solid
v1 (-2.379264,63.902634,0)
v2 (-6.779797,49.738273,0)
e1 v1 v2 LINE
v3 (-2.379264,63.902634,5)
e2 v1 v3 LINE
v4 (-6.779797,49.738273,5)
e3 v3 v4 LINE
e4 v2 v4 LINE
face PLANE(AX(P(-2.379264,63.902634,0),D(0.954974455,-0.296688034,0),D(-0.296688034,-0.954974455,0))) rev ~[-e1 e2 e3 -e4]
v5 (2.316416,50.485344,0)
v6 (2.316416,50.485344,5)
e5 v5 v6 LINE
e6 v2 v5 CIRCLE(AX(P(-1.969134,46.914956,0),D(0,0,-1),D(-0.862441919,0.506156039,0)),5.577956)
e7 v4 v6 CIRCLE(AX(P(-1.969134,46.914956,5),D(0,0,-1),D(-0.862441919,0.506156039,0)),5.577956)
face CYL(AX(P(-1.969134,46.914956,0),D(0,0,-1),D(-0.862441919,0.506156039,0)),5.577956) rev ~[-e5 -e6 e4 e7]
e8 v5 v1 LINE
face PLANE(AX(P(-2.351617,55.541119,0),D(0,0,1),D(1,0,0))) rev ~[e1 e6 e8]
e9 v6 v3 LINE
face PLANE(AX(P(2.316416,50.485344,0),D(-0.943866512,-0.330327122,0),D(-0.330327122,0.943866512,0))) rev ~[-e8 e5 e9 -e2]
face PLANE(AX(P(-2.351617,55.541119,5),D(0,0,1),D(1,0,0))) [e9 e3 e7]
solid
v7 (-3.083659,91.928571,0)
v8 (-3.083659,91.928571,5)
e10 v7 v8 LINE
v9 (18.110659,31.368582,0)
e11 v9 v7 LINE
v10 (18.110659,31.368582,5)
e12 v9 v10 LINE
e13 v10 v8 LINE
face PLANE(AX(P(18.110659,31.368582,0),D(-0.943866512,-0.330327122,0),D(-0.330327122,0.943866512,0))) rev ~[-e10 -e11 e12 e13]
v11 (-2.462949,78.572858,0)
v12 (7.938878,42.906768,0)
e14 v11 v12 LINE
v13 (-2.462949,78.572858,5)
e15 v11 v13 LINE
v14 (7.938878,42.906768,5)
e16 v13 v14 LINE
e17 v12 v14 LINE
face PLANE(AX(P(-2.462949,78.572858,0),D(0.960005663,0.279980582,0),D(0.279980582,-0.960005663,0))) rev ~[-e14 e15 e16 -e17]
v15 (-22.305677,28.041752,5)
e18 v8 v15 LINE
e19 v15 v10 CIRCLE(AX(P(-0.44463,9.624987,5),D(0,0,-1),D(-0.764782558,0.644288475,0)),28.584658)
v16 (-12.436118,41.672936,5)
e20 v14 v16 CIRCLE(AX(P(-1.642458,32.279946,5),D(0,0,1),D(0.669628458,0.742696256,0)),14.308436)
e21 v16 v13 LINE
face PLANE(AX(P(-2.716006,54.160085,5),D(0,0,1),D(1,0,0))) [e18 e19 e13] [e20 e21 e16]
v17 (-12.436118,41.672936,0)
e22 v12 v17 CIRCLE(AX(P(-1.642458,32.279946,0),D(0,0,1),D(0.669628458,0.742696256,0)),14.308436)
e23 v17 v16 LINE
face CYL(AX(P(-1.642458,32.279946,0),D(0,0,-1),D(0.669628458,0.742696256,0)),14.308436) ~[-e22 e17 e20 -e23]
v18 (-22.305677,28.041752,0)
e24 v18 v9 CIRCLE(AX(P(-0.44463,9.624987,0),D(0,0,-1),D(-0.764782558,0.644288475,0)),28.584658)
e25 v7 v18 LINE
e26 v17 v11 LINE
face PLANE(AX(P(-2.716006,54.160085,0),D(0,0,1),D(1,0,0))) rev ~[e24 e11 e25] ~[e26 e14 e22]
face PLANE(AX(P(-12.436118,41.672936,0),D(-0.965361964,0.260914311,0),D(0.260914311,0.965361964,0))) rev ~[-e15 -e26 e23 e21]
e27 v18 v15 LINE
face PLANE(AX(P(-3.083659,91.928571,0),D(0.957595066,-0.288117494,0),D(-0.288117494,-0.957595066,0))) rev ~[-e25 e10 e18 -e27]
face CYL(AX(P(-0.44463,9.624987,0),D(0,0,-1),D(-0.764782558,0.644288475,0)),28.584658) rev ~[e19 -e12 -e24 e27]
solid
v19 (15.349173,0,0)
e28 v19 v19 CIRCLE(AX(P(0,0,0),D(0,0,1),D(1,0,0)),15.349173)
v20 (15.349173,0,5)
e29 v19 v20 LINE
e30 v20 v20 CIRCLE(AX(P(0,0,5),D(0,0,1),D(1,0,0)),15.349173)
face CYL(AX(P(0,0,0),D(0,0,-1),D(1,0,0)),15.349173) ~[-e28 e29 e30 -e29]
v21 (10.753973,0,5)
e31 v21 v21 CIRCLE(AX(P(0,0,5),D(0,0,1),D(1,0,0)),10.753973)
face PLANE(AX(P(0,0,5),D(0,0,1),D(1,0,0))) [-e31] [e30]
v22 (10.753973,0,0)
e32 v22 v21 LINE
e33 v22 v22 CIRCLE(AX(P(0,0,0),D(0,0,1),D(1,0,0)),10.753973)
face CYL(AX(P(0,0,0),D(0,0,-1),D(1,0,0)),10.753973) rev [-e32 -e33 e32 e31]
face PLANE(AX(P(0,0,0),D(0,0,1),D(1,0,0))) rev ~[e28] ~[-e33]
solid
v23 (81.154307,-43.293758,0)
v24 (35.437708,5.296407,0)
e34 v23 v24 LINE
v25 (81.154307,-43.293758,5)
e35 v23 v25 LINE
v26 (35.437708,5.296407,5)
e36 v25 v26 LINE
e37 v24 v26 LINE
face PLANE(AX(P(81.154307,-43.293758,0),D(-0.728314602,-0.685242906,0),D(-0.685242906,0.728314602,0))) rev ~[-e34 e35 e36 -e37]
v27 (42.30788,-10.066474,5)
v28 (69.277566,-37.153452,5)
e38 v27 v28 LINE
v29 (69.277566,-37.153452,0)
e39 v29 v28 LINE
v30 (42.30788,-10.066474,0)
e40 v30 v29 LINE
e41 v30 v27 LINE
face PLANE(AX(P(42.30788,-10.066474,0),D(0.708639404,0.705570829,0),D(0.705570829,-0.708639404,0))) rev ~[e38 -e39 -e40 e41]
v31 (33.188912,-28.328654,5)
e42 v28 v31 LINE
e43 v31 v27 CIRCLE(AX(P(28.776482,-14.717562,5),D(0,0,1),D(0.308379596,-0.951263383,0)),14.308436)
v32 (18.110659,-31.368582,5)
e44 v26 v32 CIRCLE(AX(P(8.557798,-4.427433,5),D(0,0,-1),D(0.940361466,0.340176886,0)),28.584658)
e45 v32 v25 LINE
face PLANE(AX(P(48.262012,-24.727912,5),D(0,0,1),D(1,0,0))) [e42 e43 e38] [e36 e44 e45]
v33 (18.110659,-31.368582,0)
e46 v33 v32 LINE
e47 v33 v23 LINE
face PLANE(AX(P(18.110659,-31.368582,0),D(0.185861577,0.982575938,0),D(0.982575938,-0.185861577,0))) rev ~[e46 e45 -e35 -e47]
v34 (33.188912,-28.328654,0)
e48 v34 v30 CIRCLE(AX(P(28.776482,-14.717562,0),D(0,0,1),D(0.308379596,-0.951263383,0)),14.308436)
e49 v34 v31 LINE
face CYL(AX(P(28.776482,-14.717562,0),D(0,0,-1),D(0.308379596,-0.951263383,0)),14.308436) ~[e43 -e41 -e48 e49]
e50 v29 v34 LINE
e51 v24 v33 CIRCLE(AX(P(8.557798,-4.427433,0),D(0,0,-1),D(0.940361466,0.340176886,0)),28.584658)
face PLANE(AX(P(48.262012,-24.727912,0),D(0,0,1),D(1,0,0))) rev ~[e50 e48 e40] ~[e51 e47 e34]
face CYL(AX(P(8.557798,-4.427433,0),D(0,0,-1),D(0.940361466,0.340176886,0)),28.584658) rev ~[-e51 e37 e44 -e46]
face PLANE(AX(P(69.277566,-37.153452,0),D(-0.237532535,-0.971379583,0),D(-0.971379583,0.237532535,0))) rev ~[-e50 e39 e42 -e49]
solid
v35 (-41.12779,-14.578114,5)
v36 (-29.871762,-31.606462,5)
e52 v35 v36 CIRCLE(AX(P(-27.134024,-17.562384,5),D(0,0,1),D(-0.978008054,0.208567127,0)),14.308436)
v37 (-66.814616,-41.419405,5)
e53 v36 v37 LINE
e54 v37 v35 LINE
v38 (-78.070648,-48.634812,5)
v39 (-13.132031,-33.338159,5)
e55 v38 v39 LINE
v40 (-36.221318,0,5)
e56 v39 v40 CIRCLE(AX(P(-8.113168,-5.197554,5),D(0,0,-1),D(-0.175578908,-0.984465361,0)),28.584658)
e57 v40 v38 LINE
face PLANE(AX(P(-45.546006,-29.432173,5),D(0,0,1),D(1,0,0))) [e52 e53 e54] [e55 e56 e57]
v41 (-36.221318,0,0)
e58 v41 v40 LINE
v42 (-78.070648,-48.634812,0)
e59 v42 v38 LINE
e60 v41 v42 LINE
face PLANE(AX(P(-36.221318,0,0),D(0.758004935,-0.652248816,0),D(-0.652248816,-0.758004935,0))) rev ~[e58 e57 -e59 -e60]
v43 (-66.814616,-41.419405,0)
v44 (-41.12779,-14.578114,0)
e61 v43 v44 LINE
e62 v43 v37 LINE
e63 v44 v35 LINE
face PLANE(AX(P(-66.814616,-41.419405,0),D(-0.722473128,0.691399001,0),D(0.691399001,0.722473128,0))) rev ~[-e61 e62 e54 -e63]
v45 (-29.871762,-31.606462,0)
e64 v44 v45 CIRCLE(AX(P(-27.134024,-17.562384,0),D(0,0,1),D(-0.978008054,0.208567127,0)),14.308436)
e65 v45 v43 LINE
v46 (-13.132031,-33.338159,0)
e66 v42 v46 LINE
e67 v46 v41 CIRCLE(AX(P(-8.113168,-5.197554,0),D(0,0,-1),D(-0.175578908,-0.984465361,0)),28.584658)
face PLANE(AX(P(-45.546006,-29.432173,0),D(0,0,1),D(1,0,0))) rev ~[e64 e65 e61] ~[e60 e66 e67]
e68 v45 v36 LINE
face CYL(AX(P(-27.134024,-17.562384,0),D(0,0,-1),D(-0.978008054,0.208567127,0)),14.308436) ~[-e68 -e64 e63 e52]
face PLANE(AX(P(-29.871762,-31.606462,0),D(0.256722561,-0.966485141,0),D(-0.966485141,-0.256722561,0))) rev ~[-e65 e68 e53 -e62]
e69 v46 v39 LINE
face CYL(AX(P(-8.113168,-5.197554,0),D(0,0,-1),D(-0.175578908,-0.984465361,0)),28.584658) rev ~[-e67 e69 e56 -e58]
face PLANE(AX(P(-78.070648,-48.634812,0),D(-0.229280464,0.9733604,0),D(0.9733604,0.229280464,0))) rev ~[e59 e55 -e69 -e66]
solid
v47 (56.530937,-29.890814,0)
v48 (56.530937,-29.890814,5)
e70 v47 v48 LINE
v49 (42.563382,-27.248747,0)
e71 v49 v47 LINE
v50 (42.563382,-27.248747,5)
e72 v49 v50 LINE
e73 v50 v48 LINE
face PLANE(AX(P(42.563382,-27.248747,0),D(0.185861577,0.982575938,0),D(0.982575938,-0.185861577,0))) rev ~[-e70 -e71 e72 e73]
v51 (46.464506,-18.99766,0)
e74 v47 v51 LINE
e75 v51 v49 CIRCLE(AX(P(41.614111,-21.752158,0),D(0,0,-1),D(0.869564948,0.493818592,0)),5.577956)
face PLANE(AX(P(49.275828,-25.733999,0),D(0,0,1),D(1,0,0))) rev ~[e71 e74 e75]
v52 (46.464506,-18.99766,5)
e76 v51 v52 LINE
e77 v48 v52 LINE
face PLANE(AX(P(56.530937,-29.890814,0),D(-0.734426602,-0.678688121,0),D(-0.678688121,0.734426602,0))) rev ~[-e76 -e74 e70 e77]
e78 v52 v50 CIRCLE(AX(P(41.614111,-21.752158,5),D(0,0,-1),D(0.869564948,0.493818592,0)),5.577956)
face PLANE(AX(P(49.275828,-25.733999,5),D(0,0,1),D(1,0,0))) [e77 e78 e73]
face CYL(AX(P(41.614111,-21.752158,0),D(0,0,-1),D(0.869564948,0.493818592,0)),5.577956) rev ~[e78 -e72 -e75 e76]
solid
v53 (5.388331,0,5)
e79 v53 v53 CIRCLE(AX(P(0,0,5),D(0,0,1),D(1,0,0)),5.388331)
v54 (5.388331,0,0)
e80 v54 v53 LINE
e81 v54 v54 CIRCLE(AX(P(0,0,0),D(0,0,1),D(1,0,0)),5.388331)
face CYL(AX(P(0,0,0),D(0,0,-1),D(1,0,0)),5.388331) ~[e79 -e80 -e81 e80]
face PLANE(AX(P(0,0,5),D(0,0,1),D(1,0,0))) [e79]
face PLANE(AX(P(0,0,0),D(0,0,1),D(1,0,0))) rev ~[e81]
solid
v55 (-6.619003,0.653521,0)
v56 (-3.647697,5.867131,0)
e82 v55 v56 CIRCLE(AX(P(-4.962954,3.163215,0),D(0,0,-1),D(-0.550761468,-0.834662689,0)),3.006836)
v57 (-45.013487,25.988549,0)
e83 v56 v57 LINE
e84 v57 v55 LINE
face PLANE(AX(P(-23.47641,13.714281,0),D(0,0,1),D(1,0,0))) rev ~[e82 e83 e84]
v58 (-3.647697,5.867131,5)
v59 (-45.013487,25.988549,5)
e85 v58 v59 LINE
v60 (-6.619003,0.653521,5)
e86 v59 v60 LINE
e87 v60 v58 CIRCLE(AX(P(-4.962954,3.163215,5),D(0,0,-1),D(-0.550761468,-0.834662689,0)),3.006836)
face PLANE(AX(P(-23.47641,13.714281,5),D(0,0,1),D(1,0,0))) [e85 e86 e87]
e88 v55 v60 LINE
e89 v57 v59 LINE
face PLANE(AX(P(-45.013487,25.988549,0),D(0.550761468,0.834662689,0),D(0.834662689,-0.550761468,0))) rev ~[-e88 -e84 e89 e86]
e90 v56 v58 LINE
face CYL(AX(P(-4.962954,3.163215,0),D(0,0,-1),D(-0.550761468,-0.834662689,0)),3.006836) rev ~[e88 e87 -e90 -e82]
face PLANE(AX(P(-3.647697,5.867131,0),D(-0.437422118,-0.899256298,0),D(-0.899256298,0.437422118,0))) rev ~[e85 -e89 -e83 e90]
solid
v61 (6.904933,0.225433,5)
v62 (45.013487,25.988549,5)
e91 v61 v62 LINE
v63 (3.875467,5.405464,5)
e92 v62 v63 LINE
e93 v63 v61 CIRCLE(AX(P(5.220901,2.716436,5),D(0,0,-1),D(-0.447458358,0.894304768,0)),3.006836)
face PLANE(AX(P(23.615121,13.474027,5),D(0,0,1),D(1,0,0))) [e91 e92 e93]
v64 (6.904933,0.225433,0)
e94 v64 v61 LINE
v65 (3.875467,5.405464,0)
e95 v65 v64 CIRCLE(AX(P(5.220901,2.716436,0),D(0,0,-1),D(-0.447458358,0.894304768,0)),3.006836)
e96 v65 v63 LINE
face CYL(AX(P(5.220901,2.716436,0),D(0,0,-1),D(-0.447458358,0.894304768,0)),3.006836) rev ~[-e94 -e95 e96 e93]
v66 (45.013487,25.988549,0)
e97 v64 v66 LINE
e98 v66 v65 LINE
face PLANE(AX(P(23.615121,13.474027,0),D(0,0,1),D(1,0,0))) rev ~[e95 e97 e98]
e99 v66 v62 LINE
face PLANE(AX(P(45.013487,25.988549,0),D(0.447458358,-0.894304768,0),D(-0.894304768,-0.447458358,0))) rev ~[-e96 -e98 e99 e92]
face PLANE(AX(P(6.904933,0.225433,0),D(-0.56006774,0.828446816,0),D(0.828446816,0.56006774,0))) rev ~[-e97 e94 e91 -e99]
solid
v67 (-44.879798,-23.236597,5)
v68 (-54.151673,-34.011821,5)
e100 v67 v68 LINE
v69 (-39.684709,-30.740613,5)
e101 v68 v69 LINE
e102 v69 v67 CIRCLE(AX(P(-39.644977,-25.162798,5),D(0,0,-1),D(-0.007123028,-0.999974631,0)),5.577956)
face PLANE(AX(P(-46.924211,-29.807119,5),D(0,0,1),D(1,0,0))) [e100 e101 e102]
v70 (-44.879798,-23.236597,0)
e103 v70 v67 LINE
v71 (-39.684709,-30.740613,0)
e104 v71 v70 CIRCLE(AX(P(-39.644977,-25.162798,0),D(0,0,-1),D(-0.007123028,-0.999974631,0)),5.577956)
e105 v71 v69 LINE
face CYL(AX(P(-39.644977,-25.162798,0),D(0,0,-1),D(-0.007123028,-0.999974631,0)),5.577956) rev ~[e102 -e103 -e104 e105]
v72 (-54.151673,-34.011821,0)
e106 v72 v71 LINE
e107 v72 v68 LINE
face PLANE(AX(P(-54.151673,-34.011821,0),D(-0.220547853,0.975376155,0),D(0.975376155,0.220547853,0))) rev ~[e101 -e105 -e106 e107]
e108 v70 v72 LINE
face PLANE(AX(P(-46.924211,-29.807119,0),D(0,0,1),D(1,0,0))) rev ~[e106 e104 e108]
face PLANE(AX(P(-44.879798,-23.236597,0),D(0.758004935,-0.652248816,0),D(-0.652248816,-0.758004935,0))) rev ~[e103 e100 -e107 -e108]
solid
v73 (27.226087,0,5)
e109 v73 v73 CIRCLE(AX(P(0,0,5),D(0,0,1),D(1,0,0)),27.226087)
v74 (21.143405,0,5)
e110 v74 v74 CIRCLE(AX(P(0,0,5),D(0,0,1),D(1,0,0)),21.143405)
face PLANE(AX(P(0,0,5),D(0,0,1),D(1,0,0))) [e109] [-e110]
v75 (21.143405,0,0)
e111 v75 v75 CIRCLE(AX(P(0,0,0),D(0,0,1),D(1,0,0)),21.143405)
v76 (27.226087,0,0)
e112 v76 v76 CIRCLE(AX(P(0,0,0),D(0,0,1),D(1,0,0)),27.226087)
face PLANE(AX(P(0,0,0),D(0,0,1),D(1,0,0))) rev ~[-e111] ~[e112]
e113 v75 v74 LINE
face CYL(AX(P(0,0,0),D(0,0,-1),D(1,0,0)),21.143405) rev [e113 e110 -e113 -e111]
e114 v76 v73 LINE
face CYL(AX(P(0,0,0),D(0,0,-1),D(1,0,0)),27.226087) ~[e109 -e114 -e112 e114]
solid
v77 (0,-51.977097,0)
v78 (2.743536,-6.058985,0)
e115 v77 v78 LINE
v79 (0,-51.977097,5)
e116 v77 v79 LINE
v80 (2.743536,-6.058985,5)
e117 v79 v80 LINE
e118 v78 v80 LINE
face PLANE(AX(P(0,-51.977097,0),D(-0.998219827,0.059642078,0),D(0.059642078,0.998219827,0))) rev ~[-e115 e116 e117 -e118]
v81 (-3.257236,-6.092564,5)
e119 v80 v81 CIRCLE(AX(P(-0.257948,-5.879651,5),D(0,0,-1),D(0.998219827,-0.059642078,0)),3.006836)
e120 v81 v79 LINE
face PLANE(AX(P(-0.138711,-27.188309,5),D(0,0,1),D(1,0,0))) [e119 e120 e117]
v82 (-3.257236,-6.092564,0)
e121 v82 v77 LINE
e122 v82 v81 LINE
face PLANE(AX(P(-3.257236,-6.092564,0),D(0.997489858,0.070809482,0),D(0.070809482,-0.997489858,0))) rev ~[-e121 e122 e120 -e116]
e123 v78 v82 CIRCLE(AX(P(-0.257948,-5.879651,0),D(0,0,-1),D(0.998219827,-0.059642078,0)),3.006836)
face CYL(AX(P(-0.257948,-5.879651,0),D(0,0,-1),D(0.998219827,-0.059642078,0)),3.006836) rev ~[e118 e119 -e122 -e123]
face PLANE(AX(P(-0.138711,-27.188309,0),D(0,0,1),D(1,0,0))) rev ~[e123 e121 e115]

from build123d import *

# Parameters (mm, degrees)
F2_DEPTH = 5
F0_R     = 5.3883314641
F3_DEPTH = 5
F0_R_2   = 15.3491725301
F0_R_3   = 10.7539730603
F0_R_4   = 27.2260872448
F0_R_5   = 21.1434047245


with BuildPart() as f2:
    # F1 (on Top) → F2 (new body)
    with BuildSketch(Plane.XY):
        with BuildLine():
            ThreePointArc((-6.6190029433, 0.6535210892), (-7.5753216914, 4.6520384546), (-3.647696923, 5.867131187))
            Line((-3.647696923, 5.867131187), (-45.0134866516, 25.9885486355))
            Line((-45.0134866516, 25.9885486355), (-6.6190029433, 0.6535210892))
        make_face()
    extrude(amount=F2_DEPTH)


with BuildPart() as f2b:
    # F1 (on Top) → F2, piece 2 (new body)
    with BuildSketch(Plane.XY):
        with BuildLine():
            ThreePointArc((2.7435356065, -6.0589852412), (-0.2411226354, -8.8864402538), (-3.2572361938, -6.0925637942))
            Line((-3.2572361938, -6.0925637942), (0, -51.9770972709))
            Line((0, -51.9770972709), (2.7435356065, -6.0589852412))
        make_face()
    extrude(amount=F2_DEPTH)


with BuildPart() as f2c:
    # F1 (on Top) → F2, piece 3 (new body)
    with BuildSketch(Plane.XY):
        with BuildLine():
            ThreePointArc((3.8754673368, 5.405464152), (7.8164443267, 4.2344017993), (6.9049331168, 0.2254326071))
            Line((6.9049331168, 0.2254326071), (45.0134866516, 25.9885486355))
            Line((45.0134866516, 25.9885486355), (3.8754673368, 5.405464152))
        make_face()
    extrude(amount=F2_DEPTH)


with BuildPart() as f3:
    # F0 (on Top) → F3 (new body)
    with BuildSketch(Plane.XY):
        Circle(F0_R)
    extrude(amount=F3_DEPTH)


with BuildPart() as f3b:
    # F0 (on Top) → F3, piece 2 (new body)
    with BuildSketch(Plane.XY):
        Circle(F0_R_2)
        Circle(F0_R_3, mode=Mode.SUBTRACT)
    extrude(amount=F3_DEPTH)


with BuildPart() as f3c:
    # F0 (on Top) → F3, piece 3 (new body)
    with BuildSketch(Plane.XY):
        Circle(F0_R_4)
        Circle(F0_R_5, mode=Mode.SUBTRACT)
    extrude(amount=F3_DEPTH)


with BuildPart() as f3d:
    # F0 (on Top) → F3, piece 4 (new body)
    with BuildSketch(Plane.XY):
        with BuildLine():
            ThreePointArc((-13.1320310757, -33.3381593227), (-31.6122736468, -21.472525362), (-36.2213179469, 0))
            Line((-36.2213179469, 0), (-78.0706480145, -48.6348122358))
            Line((-78.0706480145, -48.6348122358), (-13.1320310757, -33.3381593227))
        make_face()
        with BuildLine():
            Line((-66.8146163225, -41.4194054902), (-41.1277897656, -14.5781142637))
            ThreePointArc((-41.1277897656, -14.5781142637), (-39.0703952793, -25.4525283991), (-29.8717617989, -31.6064618528))
            Line((-29.8717617989, -31.6064618528), (-66.8146163225, -41.4194054902))
        make_face(mode=Mode.SUBTRACT)
    extrude(amount=F3_DEPTH)


with BuildPart() as f3e:
    # F0 (on Top) → F3, piece 5 (new body)
    with BuildSketch(Plane.XY):
        with BuildLine():
            ThreePointArc((-39.6847091615, -30.7406131178), (-44.2311292925, -28.337826886), (-44.8797978461, -23.2365969568))
            Line((-44.8797978461, -23.2365969568), (-54.1516726204, -34.0118205505))
            Line((-54.1516726204, -34.0118205505), (-39.6847091615, -30.7406131178))
        make_face()
    extrude(amount=F3_DEPTH)


with BuildPart() as f3f:
    # F0 (on Top) → F3, piece 6 (new body)
    with BuildSketch(Plane.XY):
        with BuildLine():
            ThreePointArc((-22.3056773511, 28.0417521762), (-2.7896156235, 38.1132947305), (18.1106589735, 31.3685815006))
            Line((18.1106589735, 31.3685815006), (-3.0836588972, 91.9285705884))
            Line((-3.0836588972, 91.9285705884), (-22.3056773511, 28.0417521762))
        make_face()
        with BuildLine():
            Line((-2.4629492029, 78.5728578245), (7.9388775912, 42.9067678704))
            ThreePointArc((7.9388775912, 42.9067678704), (-2.5073385445, 46.5622190473), (-12.4361179888, 41.6729355))
            Line((-12.4361179888, 41.6729355), (-2.4629492029, 78.5728578245))
        make_face(mode=Mode.SUBTRACT)
    extrude(amount=F3_DEPTH)


with BuildPart() as f3g:
    # F0 (on Top) → F3, piece 7 (new body)
    with BuildSketch(Plane.XY):
        with BuildLine():
            ThreePointArc((-6.7797973072, 49.7382728346), (-2.4257133251, 52.4741950484), (2.3164156609, 50.4853435298))
            Line((2.3164156609, 50.4853435298), (-2.3792643155, 63.902634422))
            Line((-2.3792643155, 63.902634422), (-6.7797973072, 49.7382728346))
        make_face()
    extrude(amount=F3_DEPTH)


with BuildPart() as f3h:
    # F0 (on Top) → F3, piece 8 (new body)
    with BuildSketch(Plane.XY):
        with BuildLine():
            ThreePointArc((35.4377084267, 5.2964071466), (34.4018892703, -16.6407693686), (18.1106589735, -31.3685815006))
            Line((18.1106589735, -31.3685815006), (81.1543069118, -43.2937583526))
            Line((81.1543069118, -43.2937583526), (35.4377084267, 5.2964071466))
        make_face()
        with BuildLine():
            Line((69.2775655254, -37.1534523343), (33.1889121744, -28.3286536067))
            ThreePointArc((33.1889121744, -28.3286536067), (41.5777338238, -21.1096906482), (42.3078797877, -10.0664736472))
            Line((42.3078797877, -10.0664736472), (69.2775655254, -37.1534523343))
        make_face(mode=Mode.SUBTRACT)
    extrude(amount=F3_DEPTH)


with BuildPart() as f3i:
    # F0 (on Top) → F3, piece 9 (new body)
    with BuildSketch(Plane.XY):
        with BuildLine():
            ThreePointArc((46.4645064687, -18.9976597168), (46.6568426176, -24.1363681623), (42.5633821852, -27.248746573))
            Line((42.5633821852, -27.248746573), (56.5309369359, -29.8908138714))
            Line((56.5309369359, -29.8908138714), (46.4645064687, -18.9976597168))
        make_face()
    extrude(amount=F3_DEPTH)


solid = Compound([f2.part, f2b.part, f2c.part, f3.part, f3b.part, f3c.part, f3d.part, f3e.part, f3f.part, f3g.part, f3h.part, f3i.part])
